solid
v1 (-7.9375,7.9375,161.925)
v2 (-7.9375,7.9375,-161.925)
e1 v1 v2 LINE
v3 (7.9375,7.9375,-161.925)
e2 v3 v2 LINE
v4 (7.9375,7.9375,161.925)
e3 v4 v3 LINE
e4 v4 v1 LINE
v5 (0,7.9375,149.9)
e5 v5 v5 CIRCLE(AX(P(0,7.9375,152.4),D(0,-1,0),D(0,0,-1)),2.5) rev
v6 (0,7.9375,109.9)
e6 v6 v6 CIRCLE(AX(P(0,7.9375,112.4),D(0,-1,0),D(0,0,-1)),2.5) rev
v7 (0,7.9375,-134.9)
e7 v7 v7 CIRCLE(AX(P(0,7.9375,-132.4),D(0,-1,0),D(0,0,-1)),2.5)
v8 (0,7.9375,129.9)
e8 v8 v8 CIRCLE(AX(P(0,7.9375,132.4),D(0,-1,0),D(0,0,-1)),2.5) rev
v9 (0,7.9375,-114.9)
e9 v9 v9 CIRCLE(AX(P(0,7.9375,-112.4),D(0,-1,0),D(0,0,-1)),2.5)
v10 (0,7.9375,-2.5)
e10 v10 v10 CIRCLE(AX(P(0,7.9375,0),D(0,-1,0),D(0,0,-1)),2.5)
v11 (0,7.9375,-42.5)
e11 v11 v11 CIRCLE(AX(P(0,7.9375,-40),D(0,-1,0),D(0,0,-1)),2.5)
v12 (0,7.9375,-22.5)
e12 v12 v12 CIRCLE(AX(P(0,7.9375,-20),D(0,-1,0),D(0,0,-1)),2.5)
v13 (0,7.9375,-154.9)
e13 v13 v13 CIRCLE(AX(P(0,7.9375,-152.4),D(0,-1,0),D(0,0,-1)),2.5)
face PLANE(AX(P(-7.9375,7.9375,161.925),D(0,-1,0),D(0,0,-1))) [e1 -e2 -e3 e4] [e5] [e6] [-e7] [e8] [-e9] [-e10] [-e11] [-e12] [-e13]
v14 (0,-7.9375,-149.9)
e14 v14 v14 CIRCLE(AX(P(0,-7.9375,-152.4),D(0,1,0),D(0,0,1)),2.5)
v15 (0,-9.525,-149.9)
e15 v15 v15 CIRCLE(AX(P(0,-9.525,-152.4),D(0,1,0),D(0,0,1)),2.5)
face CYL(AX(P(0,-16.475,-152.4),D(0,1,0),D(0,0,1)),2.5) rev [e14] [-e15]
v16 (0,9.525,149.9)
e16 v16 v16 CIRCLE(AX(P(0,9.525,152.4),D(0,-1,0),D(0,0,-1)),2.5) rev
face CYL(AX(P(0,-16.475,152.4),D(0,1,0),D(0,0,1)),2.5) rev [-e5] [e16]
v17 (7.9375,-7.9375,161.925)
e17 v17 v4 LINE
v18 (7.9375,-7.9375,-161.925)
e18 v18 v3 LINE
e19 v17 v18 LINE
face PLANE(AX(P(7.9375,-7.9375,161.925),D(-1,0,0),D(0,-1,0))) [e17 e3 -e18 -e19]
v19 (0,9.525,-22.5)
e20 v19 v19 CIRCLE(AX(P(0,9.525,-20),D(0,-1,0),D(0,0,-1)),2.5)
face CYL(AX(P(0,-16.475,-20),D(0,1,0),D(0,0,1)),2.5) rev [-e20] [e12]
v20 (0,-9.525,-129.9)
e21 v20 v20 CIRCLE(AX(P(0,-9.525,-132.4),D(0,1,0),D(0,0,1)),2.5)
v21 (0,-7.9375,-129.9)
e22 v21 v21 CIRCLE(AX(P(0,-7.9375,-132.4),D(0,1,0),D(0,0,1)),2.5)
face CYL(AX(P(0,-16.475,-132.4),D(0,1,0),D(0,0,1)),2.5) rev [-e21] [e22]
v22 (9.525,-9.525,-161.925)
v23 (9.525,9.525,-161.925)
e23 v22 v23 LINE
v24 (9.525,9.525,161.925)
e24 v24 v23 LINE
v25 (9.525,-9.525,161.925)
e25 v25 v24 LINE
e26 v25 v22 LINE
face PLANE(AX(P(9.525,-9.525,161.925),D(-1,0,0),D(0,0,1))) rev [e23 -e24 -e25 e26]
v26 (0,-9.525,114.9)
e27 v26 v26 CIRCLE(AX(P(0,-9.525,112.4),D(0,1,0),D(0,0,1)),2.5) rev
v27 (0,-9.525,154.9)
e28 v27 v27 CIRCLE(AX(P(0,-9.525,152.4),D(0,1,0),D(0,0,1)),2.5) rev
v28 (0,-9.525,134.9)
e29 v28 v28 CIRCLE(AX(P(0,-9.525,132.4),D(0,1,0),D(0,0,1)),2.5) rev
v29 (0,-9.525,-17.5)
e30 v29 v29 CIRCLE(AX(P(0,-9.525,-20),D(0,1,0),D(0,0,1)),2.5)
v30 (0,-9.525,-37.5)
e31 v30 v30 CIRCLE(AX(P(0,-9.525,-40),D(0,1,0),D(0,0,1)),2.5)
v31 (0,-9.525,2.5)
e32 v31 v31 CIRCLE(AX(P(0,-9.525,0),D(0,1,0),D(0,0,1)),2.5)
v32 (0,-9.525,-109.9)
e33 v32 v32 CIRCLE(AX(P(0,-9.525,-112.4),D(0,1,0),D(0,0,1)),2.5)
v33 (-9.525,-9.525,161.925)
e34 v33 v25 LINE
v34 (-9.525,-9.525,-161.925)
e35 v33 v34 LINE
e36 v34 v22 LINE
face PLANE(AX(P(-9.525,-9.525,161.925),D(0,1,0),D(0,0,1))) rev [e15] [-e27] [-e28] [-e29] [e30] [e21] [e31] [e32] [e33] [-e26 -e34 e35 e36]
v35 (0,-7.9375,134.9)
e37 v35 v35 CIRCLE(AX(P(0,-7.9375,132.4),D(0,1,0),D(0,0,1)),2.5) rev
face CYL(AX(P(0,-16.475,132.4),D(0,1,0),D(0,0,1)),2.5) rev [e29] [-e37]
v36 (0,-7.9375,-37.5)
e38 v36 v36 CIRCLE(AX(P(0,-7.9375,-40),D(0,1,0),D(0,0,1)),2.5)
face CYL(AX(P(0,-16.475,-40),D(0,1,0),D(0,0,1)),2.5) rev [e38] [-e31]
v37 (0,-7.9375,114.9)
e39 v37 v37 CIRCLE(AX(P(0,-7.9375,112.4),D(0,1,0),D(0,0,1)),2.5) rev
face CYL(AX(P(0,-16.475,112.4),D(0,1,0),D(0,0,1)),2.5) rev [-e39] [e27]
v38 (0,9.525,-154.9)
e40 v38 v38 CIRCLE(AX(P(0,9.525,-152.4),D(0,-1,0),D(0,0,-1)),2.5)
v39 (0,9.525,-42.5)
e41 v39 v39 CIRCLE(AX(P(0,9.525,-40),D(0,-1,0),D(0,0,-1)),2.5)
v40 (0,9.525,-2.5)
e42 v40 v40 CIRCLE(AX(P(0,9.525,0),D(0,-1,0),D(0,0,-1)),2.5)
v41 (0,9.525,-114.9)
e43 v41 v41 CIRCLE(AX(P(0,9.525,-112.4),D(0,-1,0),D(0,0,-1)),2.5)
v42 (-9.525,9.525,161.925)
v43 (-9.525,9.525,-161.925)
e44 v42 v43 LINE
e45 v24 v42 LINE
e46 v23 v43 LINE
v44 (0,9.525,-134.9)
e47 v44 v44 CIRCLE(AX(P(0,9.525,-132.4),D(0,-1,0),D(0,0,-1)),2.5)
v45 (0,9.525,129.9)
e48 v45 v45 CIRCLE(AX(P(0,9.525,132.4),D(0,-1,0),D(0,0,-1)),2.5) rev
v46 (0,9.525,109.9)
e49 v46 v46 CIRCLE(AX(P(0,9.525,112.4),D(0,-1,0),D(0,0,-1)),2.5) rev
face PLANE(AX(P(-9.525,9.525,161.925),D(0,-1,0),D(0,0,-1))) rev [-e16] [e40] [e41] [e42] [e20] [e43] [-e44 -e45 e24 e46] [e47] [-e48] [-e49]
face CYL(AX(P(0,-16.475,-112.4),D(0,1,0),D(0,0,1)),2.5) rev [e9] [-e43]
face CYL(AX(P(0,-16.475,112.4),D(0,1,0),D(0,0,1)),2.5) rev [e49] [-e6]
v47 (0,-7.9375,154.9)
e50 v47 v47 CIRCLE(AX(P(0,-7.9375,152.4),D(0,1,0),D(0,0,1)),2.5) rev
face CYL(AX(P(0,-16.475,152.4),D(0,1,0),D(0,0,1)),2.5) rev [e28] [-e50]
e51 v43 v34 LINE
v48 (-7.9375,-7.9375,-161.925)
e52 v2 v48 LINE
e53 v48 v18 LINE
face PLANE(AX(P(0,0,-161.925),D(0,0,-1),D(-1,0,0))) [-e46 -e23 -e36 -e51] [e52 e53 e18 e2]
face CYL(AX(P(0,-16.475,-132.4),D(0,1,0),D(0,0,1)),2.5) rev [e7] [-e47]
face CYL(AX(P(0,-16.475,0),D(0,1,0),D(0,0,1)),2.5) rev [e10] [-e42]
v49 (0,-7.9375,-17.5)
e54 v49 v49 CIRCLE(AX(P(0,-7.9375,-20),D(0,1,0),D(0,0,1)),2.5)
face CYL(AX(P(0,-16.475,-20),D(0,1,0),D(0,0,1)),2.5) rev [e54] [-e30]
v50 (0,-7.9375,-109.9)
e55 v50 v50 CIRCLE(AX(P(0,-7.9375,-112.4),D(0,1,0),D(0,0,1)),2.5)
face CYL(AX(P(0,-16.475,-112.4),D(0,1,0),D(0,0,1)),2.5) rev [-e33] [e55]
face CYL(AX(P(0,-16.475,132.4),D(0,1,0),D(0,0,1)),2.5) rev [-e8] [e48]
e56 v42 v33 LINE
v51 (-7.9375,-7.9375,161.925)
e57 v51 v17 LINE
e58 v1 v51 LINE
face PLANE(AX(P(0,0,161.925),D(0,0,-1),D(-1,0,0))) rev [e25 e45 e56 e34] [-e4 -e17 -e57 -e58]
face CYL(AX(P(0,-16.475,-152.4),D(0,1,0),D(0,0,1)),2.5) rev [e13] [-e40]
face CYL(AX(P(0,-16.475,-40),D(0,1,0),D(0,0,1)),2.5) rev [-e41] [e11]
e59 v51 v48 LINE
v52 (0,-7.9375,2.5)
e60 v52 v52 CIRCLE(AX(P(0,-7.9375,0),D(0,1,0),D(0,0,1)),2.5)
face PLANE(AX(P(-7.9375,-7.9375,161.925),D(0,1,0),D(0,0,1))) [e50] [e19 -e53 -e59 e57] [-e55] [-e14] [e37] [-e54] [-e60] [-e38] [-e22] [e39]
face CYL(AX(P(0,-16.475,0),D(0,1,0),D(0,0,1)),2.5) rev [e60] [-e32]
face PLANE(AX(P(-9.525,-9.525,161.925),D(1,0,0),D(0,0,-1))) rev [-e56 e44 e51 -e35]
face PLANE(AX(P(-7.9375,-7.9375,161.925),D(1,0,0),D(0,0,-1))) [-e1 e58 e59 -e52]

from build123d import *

# Parameters (mm, degrees)
SKETCH1_W           = 19.05
SKETCH1_H           = 19.05
SKETCH1_W_2         = 15.875
SKETCH1_H_2         = 15.875
BOSS_EXTRUDE1_DEPTH = 161.925
SKETCH2_R           = 2.5
CUT_EXTRUDE1_DEPTH  = 30
SKETCH3_R           = 2.5
CUT_EXTRUDE2_DEPTH  = 30


with BuildPart() as part:
    # Sketch1 → Boss-Extrude1 (new, symmetric)
    with BuildSketch(Plane.XY):
        Rectangle(SKETCH1_W, SKETCH1_H)
        Rectangle(SKETCH1_W_2, SKETCH1_H_2, mode=Mode.SUBTRACT)
    extrude(amount=BOSS_EXTRUDE1_DEPTH, both=True)

    # Sketch2 → Cut-Extrude1 (cut)
    with BuildSketch(Plane(origin=(-206.375, 13.525, 0), x_dir=(0, 0, -1), z_dir=(0, 1, 0))):
        with Locations(Location((152.4, -206.375, 0), (0, 0, 180))):
            Circle(SKETCH2_R)
        with Locations(Location((132.4, -206.375, 0), (0, 0, 180))):
            Circle(SKETCH2_R)
        with Locations(Location((112.4, -206.375, 0), (0, 0, 180))):
            Circle(SKETCH2_R)
    cut_extrude1 = extrude(amount=-CUT_EXTRUDE1_DEPTH, mode=Mode.SUBTRACT)

    # Mirror1: Cut-Extrude1 across Front Plane
    add(cut_extrude1.mirror(Plane.XY), mode=Mode.SUBTRACT)

    # Sketch3 → Cut-Extrude2 (cut)
    with BuildSketch(Plane(origin=(-206.375, 13.525, 0), x_dir=(0, 0, -1), z_dir=(0, 1, 0))):
        with Locations(Location((0, -206.375, 0), (0, 0, 180))):
            Circle(SKETCH3_R)
        with Locations(Location((20, -206.375, 0), (0, 0, 180))):
            Circle(SKETCH3_R)
        with Locations(Location((40, -206.375, 0), (0, 0, 180))):
            Circle(SKETCH3_R)
    extrude(amount=-CUT_EXTRUDE2_DEPTH, mode=Mode.SUBTRACT)


solid = part.part
